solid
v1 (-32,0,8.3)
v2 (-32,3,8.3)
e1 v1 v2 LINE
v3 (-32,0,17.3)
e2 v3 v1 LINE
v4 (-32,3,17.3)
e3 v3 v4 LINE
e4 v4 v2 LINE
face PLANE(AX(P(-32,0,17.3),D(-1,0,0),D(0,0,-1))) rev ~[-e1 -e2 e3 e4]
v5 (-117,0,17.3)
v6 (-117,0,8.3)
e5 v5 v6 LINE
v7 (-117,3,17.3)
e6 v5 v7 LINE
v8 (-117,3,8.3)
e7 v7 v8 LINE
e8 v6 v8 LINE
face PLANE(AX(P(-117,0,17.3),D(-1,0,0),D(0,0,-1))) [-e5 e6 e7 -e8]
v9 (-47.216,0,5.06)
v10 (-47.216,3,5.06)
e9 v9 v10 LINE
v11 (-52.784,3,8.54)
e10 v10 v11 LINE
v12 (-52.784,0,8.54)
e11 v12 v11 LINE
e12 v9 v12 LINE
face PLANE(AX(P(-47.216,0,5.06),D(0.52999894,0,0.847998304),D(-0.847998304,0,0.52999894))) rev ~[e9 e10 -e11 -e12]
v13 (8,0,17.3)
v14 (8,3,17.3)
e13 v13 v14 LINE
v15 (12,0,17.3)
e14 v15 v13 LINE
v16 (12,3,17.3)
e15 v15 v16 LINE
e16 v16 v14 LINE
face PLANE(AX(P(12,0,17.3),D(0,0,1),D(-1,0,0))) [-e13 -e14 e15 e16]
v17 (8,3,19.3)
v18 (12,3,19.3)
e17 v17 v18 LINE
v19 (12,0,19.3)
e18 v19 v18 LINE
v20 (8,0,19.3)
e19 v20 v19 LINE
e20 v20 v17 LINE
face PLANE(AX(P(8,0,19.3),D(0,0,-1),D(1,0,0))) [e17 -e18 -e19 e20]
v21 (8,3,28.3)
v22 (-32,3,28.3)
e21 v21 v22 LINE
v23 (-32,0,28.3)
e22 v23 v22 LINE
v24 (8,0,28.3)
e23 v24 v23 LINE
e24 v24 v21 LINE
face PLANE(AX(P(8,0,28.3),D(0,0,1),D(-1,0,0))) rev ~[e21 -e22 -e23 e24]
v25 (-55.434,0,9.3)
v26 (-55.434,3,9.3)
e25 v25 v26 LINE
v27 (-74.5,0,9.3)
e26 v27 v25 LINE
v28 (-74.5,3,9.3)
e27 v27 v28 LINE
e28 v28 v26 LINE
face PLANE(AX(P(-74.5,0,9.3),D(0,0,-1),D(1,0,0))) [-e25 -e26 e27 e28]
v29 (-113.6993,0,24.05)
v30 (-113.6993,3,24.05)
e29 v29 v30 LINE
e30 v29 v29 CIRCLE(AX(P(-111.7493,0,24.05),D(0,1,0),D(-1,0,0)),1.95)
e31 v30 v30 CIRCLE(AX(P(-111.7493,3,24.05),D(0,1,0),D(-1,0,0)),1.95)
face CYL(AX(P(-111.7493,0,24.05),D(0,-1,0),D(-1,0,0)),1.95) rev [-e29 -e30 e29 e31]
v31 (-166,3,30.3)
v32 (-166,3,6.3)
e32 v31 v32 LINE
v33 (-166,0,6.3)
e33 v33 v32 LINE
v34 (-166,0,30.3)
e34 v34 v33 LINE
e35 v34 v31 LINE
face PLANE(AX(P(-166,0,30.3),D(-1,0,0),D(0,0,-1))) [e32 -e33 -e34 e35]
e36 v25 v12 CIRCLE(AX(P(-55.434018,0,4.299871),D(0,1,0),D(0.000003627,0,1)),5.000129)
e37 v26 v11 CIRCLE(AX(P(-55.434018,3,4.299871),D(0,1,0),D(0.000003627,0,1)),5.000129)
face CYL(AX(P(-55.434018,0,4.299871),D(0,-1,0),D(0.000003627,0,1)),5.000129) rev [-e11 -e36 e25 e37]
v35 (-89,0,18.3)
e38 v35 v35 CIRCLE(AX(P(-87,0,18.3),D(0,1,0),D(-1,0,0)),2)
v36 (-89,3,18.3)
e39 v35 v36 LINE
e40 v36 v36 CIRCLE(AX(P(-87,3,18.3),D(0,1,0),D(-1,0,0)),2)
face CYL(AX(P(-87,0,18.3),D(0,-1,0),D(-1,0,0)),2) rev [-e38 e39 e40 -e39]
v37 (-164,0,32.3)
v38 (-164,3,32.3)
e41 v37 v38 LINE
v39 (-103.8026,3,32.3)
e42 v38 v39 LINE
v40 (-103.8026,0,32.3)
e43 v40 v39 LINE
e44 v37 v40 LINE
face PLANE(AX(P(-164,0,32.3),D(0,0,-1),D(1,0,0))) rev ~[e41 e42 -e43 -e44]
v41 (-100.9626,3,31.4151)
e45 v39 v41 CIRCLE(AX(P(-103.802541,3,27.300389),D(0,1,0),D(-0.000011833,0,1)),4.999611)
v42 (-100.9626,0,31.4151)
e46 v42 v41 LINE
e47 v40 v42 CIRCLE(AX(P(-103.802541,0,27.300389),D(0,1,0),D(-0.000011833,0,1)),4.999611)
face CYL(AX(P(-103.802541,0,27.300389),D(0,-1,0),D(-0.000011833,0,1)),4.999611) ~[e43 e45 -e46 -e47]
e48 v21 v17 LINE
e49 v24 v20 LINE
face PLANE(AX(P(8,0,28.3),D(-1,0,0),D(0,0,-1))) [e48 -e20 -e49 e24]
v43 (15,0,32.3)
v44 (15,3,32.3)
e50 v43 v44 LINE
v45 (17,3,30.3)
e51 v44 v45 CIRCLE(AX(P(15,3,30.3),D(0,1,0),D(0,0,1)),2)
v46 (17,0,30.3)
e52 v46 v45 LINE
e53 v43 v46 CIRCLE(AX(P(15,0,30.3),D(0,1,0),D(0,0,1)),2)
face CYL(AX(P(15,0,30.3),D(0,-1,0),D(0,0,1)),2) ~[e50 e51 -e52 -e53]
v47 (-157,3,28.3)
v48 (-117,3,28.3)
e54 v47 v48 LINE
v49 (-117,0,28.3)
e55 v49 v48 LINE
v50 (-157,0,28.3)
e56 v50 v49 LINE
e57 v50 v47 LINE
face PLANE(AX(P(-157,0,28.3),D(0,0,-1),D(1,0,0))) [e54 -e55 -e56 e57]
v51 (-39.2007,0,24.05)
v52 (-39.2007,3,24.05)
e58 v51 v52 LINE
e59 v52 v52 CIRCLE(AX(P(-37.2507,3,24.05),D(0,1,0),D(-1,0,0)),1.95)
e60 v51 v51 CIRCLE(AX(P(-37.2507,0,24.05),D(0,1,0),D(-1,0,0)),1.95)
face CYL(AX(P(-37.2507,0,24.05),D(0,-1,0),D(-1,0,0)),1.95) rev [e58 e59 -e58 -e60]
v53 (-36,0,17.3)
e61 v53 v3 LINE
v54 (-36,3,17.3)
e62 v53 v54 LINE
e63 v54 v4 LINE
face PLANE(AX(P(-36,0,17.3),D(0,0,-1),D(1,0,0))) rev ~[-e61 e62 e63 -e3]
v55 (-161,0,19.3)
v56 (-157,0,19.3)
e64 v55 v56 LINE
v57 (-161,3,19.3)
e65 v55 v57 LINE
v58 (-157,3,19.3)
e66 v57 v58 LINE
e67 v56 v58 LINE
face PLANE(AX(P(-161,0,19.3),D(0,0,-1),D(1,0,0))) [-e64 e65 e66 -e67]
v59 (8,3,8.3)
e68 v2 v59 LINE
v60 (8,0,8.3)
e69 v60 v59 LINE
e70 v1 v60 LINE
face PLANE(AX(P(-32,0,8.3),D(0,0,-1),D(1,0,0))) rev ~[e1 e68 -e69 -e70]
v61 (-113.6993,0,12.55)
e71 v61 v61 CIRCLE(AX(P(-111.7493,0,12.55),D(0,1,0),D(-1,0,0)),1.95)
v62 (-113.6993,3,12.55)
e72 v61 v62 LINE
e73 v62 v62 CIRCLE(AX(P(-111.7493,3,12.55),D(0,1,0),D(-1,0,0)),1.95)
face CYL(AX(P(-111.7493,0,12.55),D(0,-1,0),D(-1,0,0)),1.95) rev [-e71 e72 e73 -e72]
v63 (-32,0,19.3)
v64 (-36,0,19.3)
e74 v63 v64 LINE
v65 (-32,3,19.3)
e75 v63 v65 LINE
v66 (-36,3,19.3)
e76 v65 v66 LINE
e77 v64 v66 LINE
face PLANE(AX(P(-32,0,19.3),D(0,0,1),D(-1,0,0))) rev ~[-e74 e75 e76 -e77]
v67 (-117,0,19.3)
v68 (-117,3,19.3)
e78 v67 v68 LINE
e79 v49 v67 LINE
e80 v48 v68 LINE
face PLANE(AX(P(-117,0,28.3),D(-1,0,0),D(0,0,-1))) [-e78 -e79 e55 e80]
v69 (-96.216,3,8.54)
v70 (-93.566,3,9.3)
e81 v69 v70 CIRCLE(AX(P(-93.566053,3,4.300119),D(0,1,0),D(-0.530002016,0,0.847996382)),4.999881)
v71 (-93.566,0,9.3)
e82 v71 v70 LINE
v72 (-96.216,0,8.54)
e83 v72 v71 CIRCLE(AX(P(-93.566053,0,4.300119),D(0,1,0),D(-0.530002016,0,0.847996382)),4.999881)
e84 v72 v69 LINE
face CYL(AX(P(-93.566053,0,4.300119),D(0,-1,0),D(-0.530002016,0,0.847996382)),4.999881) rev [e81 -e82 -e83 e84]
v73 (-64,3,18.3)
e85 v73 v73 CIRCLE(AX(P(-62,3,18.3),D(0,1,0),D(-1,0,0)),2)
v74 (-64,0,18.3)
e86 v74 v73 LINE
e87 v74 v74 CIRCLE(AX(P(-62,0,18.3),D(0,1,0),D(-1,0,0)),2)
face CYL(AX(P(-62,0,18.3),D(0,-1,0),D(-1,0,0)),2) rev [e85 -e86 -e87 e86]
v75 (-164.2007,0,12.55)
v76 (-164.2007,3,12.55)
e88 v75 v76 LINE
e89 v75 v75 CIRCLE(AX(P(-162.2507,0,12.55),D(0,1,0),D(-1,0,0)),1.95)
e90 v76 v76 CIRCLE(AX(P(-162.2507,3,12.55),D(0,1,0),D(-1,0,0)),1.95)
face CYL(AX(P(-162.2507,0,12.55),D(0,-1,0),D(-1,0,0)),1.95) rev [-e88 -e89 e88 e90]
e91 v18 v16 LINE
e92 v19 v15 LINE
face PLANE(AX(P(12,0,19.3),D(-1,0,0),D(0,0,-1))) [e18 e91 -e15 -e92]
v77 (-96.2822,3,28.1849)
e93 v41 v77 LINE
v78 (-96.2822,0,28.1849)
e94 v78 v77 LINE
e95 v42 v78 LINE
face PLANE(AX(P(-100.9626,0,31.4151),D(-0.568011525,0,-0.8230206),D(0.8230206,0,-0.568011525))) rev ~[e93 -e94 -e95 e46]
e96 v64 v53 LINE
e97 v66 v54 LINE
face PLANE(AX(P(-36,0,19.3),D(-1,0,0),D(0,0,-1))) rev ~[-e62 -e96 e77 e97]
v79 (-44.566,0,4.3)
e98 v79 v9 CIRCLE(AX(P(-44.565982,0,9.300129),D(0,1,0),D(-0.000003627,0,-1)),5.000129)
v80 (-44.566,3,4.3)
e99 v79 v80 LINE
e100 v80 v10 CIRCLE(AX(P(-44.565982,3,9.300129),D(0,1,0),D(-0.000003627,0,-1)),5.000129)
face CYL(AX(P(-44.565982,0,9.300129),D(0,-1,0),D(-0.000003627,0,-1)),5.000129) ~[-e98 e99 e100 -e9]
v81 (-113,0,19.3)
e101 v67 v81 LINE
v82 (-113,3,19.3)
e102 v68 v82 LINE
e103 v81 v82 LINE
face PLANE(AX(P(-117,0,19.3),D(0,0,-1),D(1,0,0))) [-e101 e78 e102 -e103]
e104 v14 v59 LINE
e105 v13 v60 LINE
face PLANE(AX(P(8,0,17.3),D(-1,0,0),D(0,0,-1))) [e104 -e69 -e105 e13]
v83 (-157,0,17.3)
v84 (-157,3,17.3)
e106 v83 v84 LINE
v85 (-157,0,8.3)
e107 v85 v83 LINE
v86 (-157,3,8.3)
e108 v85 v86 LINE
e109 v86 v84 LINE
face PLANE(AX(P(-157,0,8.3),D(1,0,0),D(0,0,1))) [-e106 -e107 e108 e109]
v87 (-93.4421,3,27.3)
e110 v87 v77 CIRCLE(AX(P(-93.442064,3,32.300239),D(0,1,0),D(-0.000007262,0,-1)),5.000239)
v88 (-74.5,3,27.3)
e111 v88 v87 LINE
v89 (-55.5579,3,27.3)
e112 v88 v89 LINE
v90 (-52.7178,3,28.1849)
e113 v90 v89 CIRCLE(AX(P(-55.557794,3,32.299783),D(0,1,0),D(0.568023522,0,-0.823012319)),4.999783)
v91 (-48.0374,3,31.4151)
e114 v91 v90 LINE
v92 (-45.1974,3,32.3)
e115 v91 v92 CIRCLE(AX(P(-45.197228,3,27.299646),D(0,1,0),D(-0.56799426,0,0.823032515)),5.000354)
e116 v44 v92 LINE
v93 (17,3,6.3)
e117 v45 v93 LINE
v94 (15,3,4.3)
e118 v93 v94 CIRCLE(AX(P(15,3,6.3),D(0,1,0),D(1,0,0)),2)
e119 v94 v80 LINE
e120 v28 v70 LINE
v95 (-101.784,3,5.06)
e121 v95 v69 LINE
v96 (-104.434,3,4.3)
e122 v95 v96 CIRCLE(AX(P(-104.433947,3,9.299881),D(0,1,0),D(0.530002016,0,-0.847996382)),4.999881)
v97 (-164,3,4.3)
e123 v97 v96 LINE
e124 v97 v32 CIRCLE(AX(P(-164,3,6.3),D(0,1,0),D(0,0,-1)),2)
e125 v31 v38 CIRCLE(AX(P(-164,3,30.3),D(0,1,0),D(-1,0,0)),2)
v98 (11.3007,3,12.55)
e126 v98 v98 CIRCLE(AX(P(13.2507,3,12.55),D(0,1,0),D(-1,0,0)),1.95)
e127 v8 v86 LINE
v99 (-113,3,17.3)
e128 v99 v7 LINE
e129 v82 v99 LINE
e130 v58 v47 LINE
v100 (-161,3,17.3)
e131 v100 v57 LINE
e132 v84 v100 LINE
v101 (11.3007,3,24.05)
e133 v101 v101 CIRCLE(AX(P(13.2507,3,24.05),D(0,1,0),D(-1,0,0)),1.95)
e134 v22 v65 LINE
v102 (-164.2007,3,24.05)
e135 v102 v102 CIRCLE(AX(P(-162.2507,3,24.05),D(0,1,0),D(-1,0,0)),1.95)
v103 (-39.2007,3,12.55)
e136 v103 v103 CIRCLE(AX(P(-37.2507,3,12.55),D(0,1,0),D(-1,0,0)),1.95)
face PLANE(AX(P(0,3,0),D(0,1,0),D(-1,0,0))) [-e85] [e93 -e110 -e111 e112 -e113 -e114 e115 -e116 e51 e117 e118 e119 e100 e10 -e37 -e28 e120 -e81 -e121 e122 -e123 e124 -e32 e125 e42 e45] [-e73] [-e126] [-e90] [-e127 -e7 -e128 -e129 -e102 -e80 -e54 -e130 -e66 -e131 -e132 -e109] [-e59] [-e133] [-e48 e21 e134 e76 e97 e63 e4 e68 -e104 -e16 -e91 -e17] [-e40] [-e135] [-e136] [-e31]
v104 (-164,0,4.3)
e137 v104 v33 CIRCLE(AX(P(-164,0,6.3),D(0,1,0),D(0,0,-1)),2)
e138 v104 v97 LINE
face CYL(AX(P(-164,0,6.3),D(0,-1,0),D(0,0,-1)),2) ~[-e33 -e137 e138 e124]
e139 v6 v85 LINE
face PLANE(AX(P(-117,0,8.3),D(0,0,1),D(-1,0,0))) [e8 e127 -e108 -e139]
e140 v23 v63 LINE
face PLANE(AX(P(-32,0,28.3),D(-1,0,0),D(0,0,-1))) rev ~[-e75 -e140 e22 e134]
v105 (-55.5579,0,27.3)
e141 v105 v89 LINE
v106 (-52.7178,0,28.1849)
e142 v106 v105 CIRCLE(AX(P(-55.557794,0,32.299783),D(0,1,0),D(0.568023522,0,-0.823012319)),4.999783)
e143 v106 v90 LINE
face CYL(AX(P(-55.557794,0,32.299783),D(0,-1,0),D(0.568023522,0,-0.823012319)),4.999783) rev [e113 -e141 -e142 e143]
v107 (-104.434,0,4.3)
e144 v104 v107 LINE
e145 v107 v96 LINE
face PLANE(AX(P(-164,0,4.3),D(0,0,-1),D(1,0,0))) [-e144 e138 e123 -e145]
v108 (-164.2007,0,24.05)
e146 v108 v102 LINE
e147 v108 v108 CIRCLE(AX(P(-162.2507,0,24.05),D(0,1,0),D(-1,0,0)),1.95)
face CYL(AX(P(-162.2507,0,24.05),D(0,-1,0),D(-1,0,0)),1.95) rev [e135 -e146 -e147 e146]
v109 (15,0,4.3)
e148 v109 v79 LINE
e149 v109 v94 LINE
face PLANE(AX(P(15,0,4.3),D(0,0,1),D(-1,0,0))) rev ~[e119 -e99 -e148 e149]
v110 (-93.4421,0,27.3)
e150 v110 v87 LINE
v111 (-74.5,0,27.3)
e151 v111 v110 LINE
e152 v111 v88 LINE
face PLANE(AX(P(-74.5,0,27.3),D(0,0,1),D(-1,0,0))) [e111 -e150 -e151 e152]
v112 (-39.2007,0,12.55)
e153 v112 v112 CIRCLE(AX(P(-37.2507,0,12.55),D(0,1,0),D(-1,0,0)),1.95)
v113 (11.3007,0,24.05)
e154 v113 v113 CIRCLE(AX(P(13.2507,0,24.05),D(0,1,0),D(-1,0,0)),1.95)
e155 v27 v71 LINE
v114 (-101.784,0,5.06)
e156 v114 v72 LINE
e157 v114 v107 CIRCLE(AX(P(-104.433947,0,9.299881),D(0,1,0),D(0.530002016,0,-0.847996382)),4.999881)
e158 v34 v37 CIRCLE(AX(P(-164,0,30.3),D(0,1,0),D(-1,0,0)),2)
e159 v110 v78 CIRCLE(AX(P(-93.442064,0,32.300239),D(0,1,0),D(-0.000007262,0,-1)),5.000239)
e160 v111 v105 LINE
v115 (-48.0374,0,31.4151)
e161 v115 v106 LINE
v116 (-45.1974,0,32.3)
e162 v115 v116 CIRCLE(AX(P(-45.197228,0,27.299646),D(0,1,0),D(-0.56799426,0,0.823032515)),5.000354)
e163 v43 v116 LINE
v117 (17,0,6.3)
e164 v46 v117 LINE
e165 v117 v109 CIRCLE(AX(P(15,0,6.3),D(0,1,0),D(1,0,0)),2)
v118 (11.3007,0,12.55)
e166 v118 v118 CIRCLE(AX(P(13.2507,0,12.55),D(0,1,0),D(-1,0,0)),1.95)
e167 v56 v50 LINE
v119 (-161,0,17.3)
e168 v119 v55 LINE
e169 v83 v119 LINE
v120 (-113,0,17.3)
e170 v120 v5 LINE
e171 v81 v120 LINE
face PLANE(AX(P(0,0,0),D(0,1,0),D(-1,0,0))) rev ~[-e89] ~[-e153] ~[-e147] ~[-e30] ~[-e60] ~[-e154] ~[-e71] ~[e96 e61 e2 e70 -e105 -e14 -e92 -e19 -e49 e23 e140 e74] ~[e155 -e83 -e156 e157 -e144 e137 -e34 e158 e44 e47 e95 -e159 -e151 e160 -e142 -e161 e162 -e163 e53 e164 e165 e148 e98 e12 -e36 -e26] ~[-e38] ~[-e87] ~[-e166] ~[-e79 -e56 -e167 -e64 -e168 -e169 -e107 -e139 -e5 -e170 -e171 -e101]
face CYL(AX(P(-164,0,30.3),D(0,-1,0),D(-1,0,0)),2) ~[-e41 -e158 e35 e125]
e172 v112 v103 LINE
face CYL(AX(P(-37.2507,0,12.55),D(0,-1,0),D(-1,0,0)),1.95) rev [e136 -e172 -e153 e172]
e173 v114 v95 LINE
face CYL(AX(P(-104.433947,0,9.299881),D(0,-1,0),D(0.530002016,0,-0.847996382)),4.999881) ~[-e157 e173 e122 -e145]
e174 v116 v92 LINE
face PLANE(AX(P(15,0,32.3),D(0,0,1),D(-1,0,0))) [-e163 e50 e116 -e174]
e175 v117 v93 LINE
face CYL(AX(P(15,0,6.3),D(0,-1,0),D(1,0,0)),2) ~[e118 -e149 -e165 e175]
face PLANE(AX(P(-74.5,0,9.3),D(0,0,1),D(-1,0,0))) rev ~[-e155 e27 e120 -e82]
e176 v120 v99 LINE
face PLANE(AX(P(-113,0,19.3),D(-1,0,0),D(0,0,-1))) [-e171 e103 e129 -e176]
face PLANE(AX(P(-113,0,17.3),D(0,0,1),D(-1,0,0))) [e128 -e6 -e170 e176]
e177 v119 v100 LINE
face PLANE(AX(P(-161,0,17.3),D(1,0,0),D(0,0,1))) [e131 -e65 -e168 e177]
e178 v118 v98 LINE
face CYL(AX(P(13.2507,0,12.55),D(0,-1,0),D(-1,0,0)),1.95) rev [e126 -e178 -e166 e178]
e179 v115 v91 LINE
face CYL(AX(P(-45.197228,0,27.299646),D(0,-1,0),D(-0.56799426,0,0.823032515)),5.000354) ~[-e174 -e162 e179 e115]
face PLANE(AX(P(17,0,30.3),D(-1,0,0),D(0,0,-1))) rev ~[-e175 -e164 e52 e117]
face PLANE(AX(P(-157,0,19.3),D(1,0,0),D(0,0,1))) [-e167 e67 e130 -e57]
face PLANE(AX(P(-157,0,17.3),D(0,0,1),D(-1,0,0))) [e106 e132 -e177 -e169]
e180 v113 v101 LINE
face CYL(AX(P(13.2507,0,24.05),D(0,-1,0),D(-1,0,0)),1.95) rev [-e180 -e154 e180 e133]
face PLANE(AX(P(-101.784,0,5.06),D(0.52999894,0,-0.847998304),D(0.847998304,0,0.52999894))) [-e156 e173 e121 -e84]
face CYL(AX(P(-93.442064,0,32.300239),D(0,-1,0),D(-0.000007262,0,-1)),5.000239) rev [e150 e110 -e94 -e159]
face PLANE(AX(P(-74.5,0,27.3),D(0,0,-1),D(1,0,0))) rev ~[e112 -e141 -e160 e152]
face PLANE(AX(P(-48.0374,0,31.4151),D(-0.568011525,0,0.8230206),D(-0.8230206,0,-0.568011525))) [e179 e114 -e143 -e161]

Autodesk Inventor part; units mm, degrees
ref_plane "YZ Plane" through (0, 0, 0) normal (1, 0, 0) x (0, 1, 0)
ref_plane "XZ Plane" through (0, 0, 0) normal (0, 1, 0) x (-1, 0, 0)
ref_plane "XY Plane" through (0, 0, 0) normal (0, 0, 1) x (1, 0, 0)
sketch "Sketch1" plane through (0, 0, 0) normal (0, 1, 0) x (-1, 0, 0)
  circle A0 centre (87, 18.3) radius 2
  line L0 (74.5, 9.3) -> (74.5, 27.3) construction
  line L1 (100.9626, 31.4151) -> (96.2822, 28.1849)
  line L2 (101.784, 5.06) -> (96.216, 8.54)
  line L3 (74.5, 9.3) -> (93.566, 9.3)
  line L4 (164, 4.3) -> (104.434, 4.3)
  line L5 (164, 32.3) -> (103.8026, 32.3)
  line L6 (74.5, 27.3) -> (93.4421, 27.3)
  line L7 (166, 30.3) -> (166, 6.3)
  line L8 (157, 28.3) -> (117, 28.3)
  line L9 (117, 8.3) -> (157, 8.3)
  circle A1 centre (62, 18.3) radius 2
  line L10 (48.0374, 31.4151) -> (52.7178, 28.1849)
  line L11 (47.216, 5.06) -> (52.784, 8.54)
  line L12 (74.5, 9.3) -> (55.434, 9.3)
  line L13 (-15, 4.3) -> (44.566, 4.3)
  line L14 (-15, 32.3) -> (45.1974, 32.3)
  line L15 (74.5, 27.3) -> (55.5579, 27.3)
  line L16 (-17, 30.3) -> (-17, 6.3)
  line L17 (-8, 28.3) -> (32, 28.3)
  line L18 (32, 8.3) -> (-8, 8.3)
  arc A2 (166, 30.3) -> (164, 32.3) centre (164, 30.3) ccw
  arc A3 (164, 4.3) -> (166, 6.3) centre (164, 6.3) ccw
  arc A4 (-17, 6.3) -> (-15, 4.3) centre (-15, 6.3) ccw
  arc A5 (-15, 32.3) -> (-17, 30.3) centre (-15, 30.3) ccw
  arc A6 (103.8026, 32.3) -> (100.9626, 31.4151) centre (103.8026, 27.3) ccw
  arc A7 (93.4421, 27.3) -> (96.2822, 28.1849) centre (93.4421, 32.3) ccw
  arc A8 (101.784, 5.06) -> (104.434, 4.3) centre (104.434, 9.3) ccw
  arc A9 (96.216, 8.54) -> (93.566, 9.3) centre (93.566, 4.3) ccw
  arc A10 (55.434, 9.3) -> (52.784, 8.54) centre (55.434, 4.3) ccw
  arc A11 (44.566, 4.3) -> (47.216, 5.06) centre (44.566, 9.3) ccw
  arc A12 (52.7178, 28.1849) -> (55.5579, 27.3) centre (55.5579, 32.3) ccw
  arc A13 (48.0374, 31.4151) -> (45.1974, 32.3) centre (45.1974, 27.3) ccw
  arc A14 (39, 25.3) -> (39, 22.8) centre (37.2507, 24.05) ccw projected
  arc A15 (39, 13.8) -> (39, 11.3) centre (37.2507, 12.55) ccw projected
  arc A16 (-15, 11.3) -> (-15, 13.8) centre (-13.2507, 12.55) ccw projected
  arc A17 (-15, 22.8) -> (-15, 25.3) centre (-13.2507, 24.05) ccw projected
  arc A18 (110, 22.8) -> (110, 25.3) centre (111.7493, 24.05) ccw projected
  arc A19 (110, 11.3) -> (110, 13.8) centre (111.7493, 12.55) ccw projected
  arc A20 (164, 13.8) -> (164, 11.3) centre (162.2507, 12.55) ccw projected
  arc A21 (164, 25.3) -> (164, 22.8) centre (162.2507, 24.05) ccw projected
  circle A22 centre (162.2507, 24.05) radius 1.95
  circle A23 centre (162.2507, 12.55) radius 1.95
  circle A24 centre (111.7493, 24.05) radius 1.95
  circle A25 centre (111.7493, 12.55) radius 1.95
  circle A26 centre (37.2507, 24.05) radius 1.95
  circle A27 centre (37.2507, 12.55) radius 1.95
  circle A28 centre (-13.2507, 24.05) radius 1.95
  circle A29 centre (-13.2507, 12.55) radius 1.95
  circle A30 centre (22, 18.3) radius 4.375 projected
  circle A31 centre (147, 18.3) radius 1.3 projected
  circle A32 centre (147, 18.3) radius 1.3 projected
  line L19 (32, 28.3) -> (32, 19.3)
  line L20 (32, 19.3) -> (36, 19.3)
  line L21 (36, 19.3) -> (36, 17.3)
  line L22 (36, 17.3) -> (32, 17.3)
  line L23 (32, 17.3) -> (32, 8.3)
  line L24 (-8, 28.3) -> (-8, 19.3)
  line L25 (-8, 19.3) -> (-12, 19.3)
  line L26 (-12, 19.3) -> (-12, 17.3)
  line L27 (-12, 17.3) -> (-8, 17.3)
  line L28 (-8, 17.3) -> (-8, 8.3)
  line L29 (117, 28.3) -> (117, 19.3)
  line L30 (117, 19.3) -> (113, 19.3)
  line L31 (113, 19.3) -> (113, 17.3)
  line L32 (113, 17.3) -> (117, 17.3)
  line L33 (117, 17.3) -> (117, 8.3)
  line L34 (157, 8.3) -> (157, 17.3)
  line L35 (157, 17.3) -> (161, 17.3)
  line L36 (161, 17.3) -> (161, 19.3)
  line L37 (161, 19.3) -> (157, 19.3)
  line L38 (157, 19.3) -> (157, 28.3)
  point P0 (166, 4.3)
  point P1 (166, 32.3)
  point P2 (1.5, 26.1095)
  point P3 (22.5, 26.1095)
  point P4 (95, 27.3)
  point P5 (95, 9.3)
  point P6 (102.2448, 32.3)
  point P7 (103, 4.3)
  point P8 (-17, 4.3)
  point P9 (-17, 32.3)
  point P10 (54, 27.3)
  point P11 (54, 9.3)
  point P12 (46.7552, 32.3)
  point P13 (46, 4.3)
  dimension "d19" = 12.5
  dimension "d20" = 9
  dimension "d21" = 9
  dimension "d22" = 14
  dimension "d23" = 14
  dimension "d25" = 5
  dimension "d26" = 91.5
  dimension "d29" = 40
  dimension "d30" = 20
  dimension "d31" = 4
  dimension "d35" = 2
  dimension "d36" = 5
  dimension "d37" = 5
  dimension "d38" = 5
  dimension "d39" = 5
  dimension "d40" = 5
  dimension "d41" = 5
  dimension "d42" = 5
  dimension "d43" = 5
  dimension "d44" = 3.9
  dimension "d45" = 3.9
  dimension "d46" = 3.9
  dimension "d47" = 3.9
  dimension "d48" = 3.9
  dimension "d49" = 3.9
  dimension "d50" = 3.9
  dimension "d51" = 3.9
  dimension "d52" = 125
  dimension "d53" = 40
  dimension "d54" = 9
  dimension "d55" = 4
  dimension "d56" = 2
  dimension "d57" = 4
  dimension "d58" = 9
  dimension "d59" = 4
  dimension "d60" = 2
  dimension "d61" = 4
  dimension "d62" = 9
  dimension "d63" = 9
  dimension "d64" = 4
  dimension "d65" = 2
  dimension "d66" = 4
  dimension "d67" = 9
  dimension "d68" = 9
  dimension "d69" = 4
  dimension "d70" = 2
  dimension "d71" = 4
  dimension "d72" = 9
  dimension "d73" = 25
extrude "Extrusion1" add sketch "Sketch1" along normal blind 3 contours A6 L5 A2 L7 A3 L4 A8 L2 A9 L3 L12 A10 L11 A11 L13 A4 L16 A5 L14 A13 L10 A12 L15 L6 A7 L1
properties part number "Brazo2Derecha" material "Wood (Birch)"
